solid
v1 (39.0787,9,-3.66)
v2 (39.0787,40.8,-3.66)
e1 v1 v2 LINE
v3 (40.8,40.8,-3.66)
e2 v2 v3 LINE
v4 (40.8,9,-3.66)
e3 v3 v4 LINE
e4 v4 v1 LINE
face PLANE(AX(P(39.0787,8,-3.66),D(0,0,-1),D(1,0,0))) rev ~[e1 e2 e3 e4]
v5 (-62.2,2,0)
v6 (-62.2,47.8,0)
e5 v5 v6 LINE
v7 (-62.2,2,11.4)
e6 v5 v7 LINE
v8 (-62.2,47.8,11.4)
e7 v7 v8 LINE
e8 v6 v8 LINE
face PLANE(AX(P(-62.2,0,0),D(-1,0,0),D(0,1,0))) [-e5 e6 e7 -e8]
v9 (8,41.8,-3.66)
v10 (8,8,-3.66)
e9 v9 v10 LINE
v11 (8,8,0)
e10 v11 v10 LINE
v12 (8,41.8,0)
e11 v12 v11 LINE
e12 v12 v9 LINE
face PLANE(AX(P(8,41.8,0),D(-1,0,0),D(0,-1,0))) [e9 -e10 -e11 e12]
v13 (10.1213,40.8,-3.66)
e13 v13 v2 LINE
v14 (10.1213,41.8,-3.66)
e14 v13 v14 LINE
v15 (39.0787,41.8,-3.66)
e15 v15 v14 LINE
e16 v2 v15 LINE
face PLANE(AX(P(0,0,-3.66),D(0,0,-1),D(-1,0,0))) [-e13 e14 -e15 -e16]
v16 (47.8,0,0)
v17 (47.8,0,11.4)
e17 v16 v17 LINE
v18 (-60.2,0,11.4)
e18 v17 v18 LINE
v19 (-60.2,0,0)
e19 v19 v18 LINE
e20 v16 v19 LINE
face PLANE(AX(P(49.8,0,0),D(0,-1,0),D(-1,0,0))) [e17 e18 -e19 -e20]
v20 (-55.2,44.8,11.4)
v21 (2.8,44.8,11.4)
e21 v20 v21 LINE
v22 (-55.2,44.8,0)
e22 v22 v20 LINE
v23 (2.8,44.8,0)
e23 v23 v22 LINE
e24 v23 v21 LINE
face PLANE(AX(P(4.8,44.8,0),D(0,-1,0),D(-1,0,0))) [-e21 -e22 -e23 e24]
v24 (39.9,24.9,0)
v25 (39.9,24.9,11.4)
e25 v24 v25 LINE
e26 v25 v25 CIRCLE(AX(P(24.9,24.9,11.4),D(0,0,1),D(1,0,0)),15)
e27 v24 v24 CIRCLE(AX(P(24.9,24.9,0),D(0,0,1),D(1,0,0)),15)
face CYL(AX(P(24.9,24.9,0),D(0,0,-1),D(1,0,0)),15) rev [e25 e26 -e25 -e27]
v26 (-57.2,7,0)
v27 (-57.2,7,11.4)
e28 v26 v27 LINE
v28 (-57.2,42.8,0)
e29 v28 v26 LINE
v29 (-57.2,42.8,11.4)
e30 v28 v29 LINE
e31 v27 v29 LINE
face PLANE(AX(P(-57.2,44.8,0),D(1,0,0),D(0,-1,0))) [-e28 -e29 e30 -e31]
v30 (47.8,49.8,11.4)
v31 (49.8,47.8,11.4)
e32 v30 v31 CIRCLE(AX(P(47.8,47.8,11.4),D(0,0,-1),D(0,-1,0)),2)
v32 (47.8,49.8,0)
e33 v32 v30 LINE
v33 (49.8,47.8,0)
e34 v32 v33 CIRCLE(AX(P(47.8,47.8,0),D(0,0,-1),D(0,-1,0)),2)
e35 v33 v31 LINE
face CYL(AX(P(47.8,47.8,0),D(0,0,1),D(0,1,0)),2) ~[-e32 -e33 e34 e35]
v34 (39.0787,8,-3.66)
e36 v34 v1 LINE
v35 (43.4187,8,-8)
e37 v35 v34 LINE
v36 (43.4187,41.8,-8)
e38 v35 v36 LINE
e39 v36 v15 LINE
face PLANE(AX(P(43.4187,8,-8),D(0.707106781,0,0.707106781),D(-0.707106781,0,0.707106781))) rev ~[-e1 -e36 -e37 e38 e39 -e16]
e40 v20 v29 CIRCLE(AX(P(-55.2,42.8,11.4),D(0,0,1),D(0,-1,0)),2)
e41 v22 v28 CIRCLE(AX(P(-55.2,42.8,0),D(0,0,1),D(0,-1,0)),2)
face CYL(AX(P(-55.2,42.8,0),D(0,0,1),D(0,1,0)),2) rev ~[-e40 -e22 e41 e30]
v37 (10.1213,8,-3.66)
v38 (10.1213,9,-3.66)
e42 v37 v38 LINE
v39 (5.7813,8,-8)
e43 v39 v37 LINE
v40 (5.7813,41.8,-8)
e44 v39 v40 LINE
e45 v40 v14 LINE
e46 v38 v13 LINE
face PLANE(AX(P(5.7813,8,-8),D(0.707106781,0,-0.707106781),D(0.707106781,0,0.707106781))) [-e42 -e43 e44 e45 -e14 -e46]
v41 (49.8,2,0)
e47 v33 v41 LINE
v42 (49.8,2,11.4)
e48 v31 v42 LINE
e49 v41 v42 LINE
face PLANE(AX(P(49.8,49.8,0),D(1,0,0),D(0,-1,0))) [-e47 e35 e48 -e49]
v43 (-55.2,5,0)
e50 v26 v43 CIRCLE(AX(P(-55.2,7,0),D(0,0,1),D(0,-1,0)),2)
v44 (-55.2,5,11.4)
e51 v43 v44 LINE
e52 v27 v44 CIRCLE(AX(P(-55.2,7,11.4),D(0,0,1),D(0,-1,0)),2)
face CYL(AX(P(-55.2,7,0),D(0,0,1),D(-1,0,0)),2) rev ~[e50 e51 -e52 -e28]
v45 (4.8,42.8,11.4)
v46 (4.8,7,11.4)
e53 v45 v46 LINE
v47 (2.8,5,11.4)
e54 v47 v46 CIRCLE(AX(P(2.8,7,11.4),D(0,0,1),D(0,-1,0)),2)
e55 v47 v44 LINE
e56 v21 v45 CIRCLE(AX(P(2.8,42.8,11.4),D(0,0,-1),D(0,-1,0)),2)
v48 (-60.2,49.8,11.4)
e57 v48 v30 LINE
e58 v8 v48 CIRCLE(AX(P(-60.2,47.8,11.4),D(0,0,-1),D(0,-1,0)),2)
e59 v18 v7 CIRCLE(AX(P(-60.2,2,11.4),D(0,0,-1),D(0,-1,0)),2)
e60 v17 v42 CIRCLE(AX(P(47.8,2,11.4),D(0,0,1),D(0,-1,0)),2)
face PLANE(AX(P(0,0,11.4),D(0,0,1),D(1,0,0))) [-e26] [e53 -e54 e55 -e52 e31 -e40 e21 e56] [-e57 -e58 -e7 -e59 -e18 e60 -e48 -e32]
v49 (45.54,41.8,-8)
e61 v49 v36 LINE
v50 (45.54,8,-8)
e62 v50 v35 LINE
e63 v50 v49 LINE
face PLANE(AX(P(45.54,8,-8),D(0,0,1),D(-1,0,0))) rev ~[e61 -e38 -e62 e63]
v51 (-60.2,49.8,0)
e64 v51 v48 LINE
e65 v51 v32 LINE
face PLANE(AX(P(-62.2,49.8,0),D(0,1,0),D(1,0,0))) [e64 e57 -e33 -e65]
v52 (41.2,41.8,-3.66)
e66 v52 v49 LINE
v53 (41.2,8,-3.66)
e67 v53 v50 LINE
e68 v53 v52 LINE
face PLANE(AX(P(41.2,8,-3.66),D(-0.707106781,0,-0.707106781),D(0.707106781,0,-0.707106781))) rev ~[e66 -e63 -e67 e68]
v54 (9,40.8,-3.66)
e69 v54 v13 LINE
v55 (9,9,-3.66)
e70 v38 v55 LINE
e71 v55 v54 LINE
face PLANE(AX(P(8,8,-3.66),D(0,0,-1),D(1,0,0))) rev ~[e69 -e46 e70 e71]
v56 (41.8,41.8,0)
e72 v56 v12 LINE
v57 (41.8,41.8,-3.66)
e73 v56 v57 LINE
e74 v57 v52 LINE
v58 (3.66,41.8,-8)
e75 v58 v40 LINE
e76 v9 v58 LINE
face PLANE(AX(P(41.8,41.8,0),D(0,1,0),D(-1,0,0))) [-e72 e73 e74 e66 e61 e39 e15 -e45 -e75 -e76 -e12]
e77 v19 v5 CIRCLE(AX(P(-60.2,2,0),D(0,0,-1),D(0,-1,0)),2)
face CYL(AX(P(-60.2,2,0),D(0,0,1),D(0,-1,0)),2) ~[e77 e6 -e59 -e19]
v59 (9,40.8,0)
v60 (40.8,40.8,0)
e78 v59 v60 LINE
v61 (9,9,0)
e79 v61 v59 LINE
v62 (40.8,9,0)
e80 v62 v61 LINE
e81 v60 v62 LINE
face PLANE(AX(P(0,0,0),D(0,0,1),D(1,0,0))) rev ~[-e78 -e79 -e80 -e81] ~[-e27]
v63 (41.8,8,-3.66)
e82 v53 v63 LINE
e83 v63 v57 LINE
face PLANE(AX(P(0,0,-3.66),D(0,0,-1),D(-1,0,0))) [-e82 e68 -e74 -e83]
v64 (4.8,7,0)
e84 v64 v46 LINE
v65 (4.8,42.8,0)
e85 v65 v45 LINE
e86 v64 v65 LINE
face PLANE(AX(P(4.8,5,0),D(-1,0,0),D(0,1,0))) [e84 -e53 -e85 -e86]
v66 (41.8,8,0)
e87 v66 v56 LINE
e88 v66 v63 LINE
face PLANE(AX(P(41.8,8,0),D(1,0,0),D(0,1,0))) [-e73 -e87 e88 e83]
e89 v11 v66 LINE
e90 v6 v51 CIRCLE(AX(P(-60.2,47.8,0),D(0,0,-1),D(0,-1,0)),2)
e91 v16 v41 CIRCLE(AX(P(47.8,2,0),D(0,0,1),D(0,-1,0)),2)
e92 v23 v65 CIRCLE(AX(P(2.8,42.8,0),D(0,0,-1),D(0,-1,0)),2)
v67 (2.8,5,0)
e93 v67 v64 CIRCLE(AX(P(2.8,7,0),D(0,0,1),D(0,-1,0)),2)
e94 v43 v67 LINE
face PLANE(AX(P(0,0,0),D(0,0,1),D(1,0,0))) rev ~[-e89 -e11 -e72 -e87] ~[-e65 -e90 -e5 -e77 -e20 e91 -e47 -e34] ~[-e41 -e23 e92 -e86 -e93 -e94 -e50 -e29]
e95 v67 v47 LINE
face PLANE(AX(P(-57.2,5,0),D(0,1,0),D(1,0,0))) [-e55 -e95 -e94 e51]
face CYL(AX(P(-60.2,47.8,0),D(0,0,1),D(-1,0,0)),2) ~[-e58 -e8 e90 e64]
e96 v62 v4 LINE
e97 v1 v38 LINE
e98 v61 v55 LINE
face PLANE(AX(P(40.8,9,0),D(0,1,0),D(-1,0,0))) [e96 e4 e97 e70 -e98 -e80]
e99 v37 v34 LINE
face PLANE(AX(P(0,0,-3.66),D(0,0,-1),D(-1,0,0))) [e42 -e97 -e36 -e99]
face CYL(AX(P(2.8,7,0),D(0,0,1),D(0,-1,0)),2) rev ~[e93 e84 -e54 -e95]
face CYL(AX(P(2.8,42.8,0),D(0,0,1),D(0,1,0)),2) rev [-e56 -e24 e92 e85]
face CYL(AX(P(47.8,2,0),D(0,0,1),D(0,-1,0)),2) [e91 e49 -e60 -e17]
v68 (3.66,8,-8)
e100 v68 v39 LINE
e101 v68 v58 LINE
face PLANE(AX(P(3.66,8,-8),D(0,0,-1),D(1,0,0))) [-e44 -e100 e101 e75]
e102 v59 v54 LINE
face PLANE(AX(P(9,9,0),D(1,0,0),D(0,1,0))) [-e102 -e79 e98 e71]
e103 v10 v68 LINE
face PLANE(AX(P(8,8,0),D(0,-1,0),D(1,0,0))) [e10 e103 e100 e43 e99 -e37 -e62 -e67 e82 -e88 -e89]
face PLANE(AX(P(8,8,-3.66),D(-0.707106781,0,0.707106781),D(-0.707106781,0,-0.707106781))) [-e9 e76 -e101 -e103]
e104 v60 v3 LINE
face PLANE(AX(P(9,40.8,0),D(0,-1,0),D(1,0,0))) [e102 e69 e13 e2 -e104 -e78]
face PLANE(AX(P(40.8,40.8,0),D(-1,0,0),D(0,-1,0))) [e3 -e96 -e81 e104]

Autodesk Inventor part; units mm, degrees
ref_plane "YZ Plane" through (0, 0, 0) normal (1, 0, 0) x (0, 1, 0)
ref_plane "XZ Plane" through (0, 0, 0) normal (0, 1, 0) x (-1, 0, 0)
ref_plane "XY Plane" through (0, 0, 0) normal (0, 0, 1) x (1, 0, 0)
sketch "Sketch1" plane through (0, 0, 0) normal (0, 0, 1) x (1, 0, 0)
  circle A0 centre (44.9, 4.9) radius 1.45 construction
  circle A1 centre (4.9, 4.9) radius 1.45 construction
  line L0 (2, 2) -> (2, 41.8) construction
  line L1 (47.8, 2) -> (2, 2) construction
  line L2 (47.8, 41.8) -> (47.8, 2) construction
  line L3 (41.8, 41.8) -> (47.8, 41.8) construction
  line L4 (41.8, 8) -> (41.8, 41.8) construction
  line L5 (8, 8) -> (41.8, 8) construction
  line L6 (8, 8) -> (8, 41.8) construction
  line L7 (2, 41.8) -> (8, 41.8) construction
  circle A2 centre (44.9, 44.9) radius 1.4 construction
  circle A3 centre (4.9, 44.9) radius 1.4 construction
  line L8 (2, 47.8) -> (47.8, 47.8) construction
  line L9 (2, 41.8) -> (2, 47.8) construction
  line L10 (47.8, 41.8) -> (2, 41.8) construction
  line L11 (47.8, 41.8) -> (47.8, 47.8) construction
  circle A4 centre (25.6838, 25.4066) radius 13.6 construction
  line L12 (44.1319, 49.8) -> (5.6681, 49.8) construction
  arc A5 (49.8, 47.8) -> (47.8, 49.8) centre (47.8, 47.8) ccw construction
  line L13 (49.8, 41.8) -> (49.8, 47.8) construction
  arc A6 (2, 49.8) -> (0, 47.8) centre (2, 47.8) ccw construction
  arc A7 (0, 2) -> (2, 0) centre (2, 2) ccw construction
  arc A8 (47.8, 0) -> (49.8, 2) centre (47.8, 2) ccw construction
  line L14 (49.8, 0) -> (-62.2, 0)
  line L15 (-62.2, 0) -> (-62.2, 49.8)
  line L16 (-62.2, 49.8) -> (49.8, 49.8)
  line L17 (49.8, 49.8) -> (49.8, 0)
  line L18 (8, 3.7577) -> (41.8, 3.7577) construction
  line L19 (41.8, 0) -> (41.8, 3.7577) construction
  line L20 (8, 0) -> (41.8, 0) construction
  line L21 (8, 0) -> (8, 3.7577) construction
  line L22 (46.1838, 8) -> (46.1838, 41.8) construction
  line L23 (49.8, 41.8) -> (46.1838, 41.8) construction
  line L24 (49.8, 8) -> (49.8, 41.8) construction
  line L25 (46.1838, 8) -> (49.8, 8) construction
  line L26 (3.6162, 41.8) -> (3.6162, 8) construction
  line L27 (0, 8) -> (3.6162, 8) construction
  line L28 (0, 8) -> (0, 41.8) construction
  line L29 (3.6162, 41.8) -> (0, 41.8) construction
  circle A9 centre (24.9, 24.9) radius 15
  arc A10 (42.3945, 24.4616) -> (22.4616, 42.2293) centre (24.9, 24.9) ccw construction
  arc A11 (22.5619, 16.1033) -> (42.3945, 24.4616) centre (29.0002, 28.5351) ccw construction
  line L30 (22.5619, 16.1033) -> (22.3031, 15.1374) construction
  arc A12 (22.3031, 15.1374) -> (41.5232, 19.4302) centre (29.3361, 28.8218) ccw construction
  arc A13 (15.3425, 10.2404) -> (41.5232, 19.4302) centre (24.9, 24.9) ccw construction
  arc A14 (18.2047, 31.6263) -> (15.3425, 10.2404) centre (25.6173, 19.7498) ccw construction
  line L31 (18.2047, 31.6263) -> (17.4976, 32.3335) construction
  arc A15 (17.4976, 32.3335) -> (11.1478, 14.0775) centre (25.6302, 19.2725) ccw construction
  arc A16 (16.2809, 40.1303) -> (11.1478, 14.0775) centre (24.9, 24.9) ccw construction
  arc A17 (34.0602, 27.4798) -> (16.2809, 40.1303) centre (20.0844, 26.6568) ccw construction
  line L32 (34.0602, 27.4798) -> (35.0261, 27.7386) construction
  arc A18 (35.0261, 27.7386) -> (22.4616, 42.2293) centre (19.6533, 27.1018) ccw construction
  line L33 (3.6577, 41.7) -> (8.1, 46.1423) construction
  line L34 (0, 41.7) -> (3.6577, 41.7) construction
  line L35 (0, 8.1) -> (0, 41.7) construction
  line L36 (3.6577, 8.1) -> (0, 8.1) construction
  line L37 (8.1, 3.6577) -> (3.6577, 8.1) construction
  line L38 (8.1, 0) -> (8.1, 3.6577) construction
  line L39 (41.7, 0) -> (8.1, 0) construction
  line L40 (41.7, 3.6577) -> (41.7, 0) construction
  line L41 (46.1423, 8.1) -> (41.7, 3.6577) construction
  line L42 (49.8, 8.1) -> (46.1423, 8.1) construction
  line L43 (49.8, 41.7) -> (49.8, 8.1) construction
  line L44 (46.1423, 41.7) -> (49.8, 41.7) construction
  line L45 (41.7, 46.1423) -> (46.1423, 41.7) construction
  line L46 (41.7, 49.8) -> (41.7, 46.1423) construction
  line L47 (8.1, 49.8) -> (41.7, 49.8) construction
  line L48 (8.1, 46.1423) -> (8.1, 49.8) construction
  circle A19 centre (24.9, 24.9) radius 16.9 construction
  point P0 (0, 0)
  dimension "d0" = 30
  dimension "d4" = 112
extrude "Extrusion1" add sketch "Sketch1" along normal blind 11.4
fillet "Fillet1" radius 2 4 edges at (49.8, 49.8, 5.7) (-62.2, 49.8, 5.7) (49.8, 0, 5.7) (-62.2, 0, 5.7)
sketch "Sketch2" plane through (0, 0, 0) normal (0, 0, -1) x (-1, 0, 0)
  line L0 (-41.8, 8) -> (-41.8, 41.8) construction
  line L1 (-8, 8) -> (-41.8, 8) construction
  line L2 (-8, 8) -> (-8, 41.8) construction
  line L3 (-47.8, 41.8) -> (-2, 41.8) construction
  circle A0 centre (-24.9, 24.9) radius 15 construction
  arc A1 (60.2, 0) -> (62.2, 2) centre (60.2, 2) ccw construction
  line L4 (62.2, 2) -> (62.2, 47.8) construction
  arc A2 (62.2, 47.8) -> (60.2, 49.8) centre (60.2, 47.8) ccw construction
  line L5 (60.2, 49.8) -> (-47.8, 49.8) construction
  arc A3 (-47.8, 49.8) -> (-49.8, 47.8) centre (-47.8, 47.8) ccw construction
  line L6 (-49.8, 47.8) -> (-49.8, 2) construction
  arc A4 (-49.8, 2) -> (-47.8, 0) centre (-47.8, 2) ccw construction
  line L7 (-47.8, 0) -> (60.2, 0) construction
  line L8 (-41.8, 41.8) -> (-8, 41.8)
  line L9 (-8, 41.8) -> (-8, 8)
  line L10 (-8, 8) -> (-41.8, 8)
  line L11 (-41.8, 8) -> (-41.8, 41.8)
  line L12 (-9, 40.8) -> (-40.8, 40.8)
  line L13 (-40.8, 40.8) -> (-40.8, 9)
  line L14 (-40.8, 9) -> (-9, 9)
  line L15 (-9, 9) -> (-9, 40.8)
  point P0 (0, 0)
  dimension "d6" = 0
  dimension "d7" = 0
  dimension "d8" = 0
  dimension "d9" = 0
  dimension "d10" = 1
extrude "Extrusion2" add sketch "Sketch2" along normal blind 3.66
sketch "Sketch3" plane through (8, 8, 0) normal (0, -1, 0) x (1, 0, 0)
  line L0 (0, 0) -> (33.8, 0) construction
  line L1 (0, 0) -> (0, -3.66) construction
  line L2 (33.8, -3.66) -> (0, -3.66) construction
  line L3 (33.8, 0) -> (33.8, -3.66) construction
  line L4 (33.5, -3.7577) -> (33.5, -8) construction
  line L5 (-0.3, -8) -> (33.5, -8) construction
  line L6 (-0.3, -3.7577) -> (-0.3, -8) construction
  line L7 (33.5, -3.7577) -> (-0.3, -3.7577) construction
  line L8 (33.5, 0) -> (33.5, -3.6162) construction
  line L9 (-0.3, -3.6162) -> (-0.3, 0) construction
  line L10 (33.8, 0) -> (33.8, -3.66) construction
  line L11 (33.8, 0) -> (33.8, -3.66) construction
  line L12 (33.5, -8) -> (33.5, -3.7577) construction
  line L13 (33.5, -3.7577) -> (-0.3, -3.7577) construction
  line L14 (-0.3, -3.7577) -> (-0.3, -8) construction
  line L15 (-0.3, -8) -> (-4.6838, -8) construction
  line L16 (-2.886, -6.2022) -> (-4.6838, -8) construction
  arc A0 (-2.886, -6.2022) -> (-2.0978, -5.414) centre (-3.4, -4.9) ccw construction
  line L17 (-0.3, -3.6162) -> (-2.0978, -5.414) construction
  line L18 (-0.3, -3.6162) -> (-0.3, 0) construction
  line L19 (-0.3, 0) -> (33.5, 0) construction
  line L20 (33.5, 0) -> (33.5, -3.6162) construction
  line L21 (35.2978, -5.414) -> (33.5, -3.6162) construction
  arc A1 (35.2978, -5.414) -> (36.086, -6.2022) centre (36.6, -4.9) ccw construction
  line L22 (37.8838, -8) -> (36.086, -6.2022) construction
  line L23 (37.8838, -8) -> (33.5, -8) construction
  line L24 (0, -3.66) -> (33.8, -3.66) projected
  line L25 (0, -3.66) -> (-4.34, -8)
  line L26 (-4.34, -8) -> (-2.2187, -8)
  line L27 (-2.2187, -8) -> (2.1213, -3.66)
  line L28 (16.6, -3.7577) -> (16.6, -8) construction
  line L29 (2.1213, -3.66) -> (0, -3.66)
  line L30 (1, -3.66) -> (32.8, -3.66) projected
  line L31 (33.5, -3.7577) -> (33.5, -8) construction
  line L32 (33.5, -3.7577) -> (33.5, -8) construction
  line L33 (33.5, -8) -> (37.8838, -8) construction
  line L34 (36.086, -6.2022) -> (37.8838, -8) construction
  arc A2 (35.2978, -5.414) -> (36.086, -6.2022) centre (36.6, -4.9) ccw construction
  line L35 (33.5, -3.6162) -> (35.2978, -5.414) construction
  line L36 (33.2, -3.66) -> (37.54, -8)
  line L37 (37.54, -8) -> (35.4187, -8)
  line L38 (35.4187, -8) -> (31.0787, -3.66)
  line L39 (31.0787, -3.66) -> (33.2, -3.66)
  point P0 (-8, 0)
  point P1 (32.2, -3.66)
  dimension "d13" = 1.5
extrude "Extrusion3" add sketch "Sketch3" against normal up to surface (33.8 mm away)
sketch "Sketch4" plane through (0, 0, 0) normal (0, 0, -1) x (-1, 0, 0)
  arc A0 (60.2, 0) -> (62.2, 2) centre (60.2, 2) ccw construction
  line L0 (62.2, 2) -> (62.2, 47.8) construction
  arc A1 (62.2, 47.8) -> (60.2, 49.8) centre (60.2, 47.8) ccw construction
  line L1 (60.2, 49.8) -> (-47.8, 49.8) construction
  arc A2 (-47.8, 49.8) -> (-49.8, 47.8) centre (-47.8, 47.8) ccw construction
  line L2 (-49.8, 47.8) -> (-49.8, 2) construction
  arc A3 (-49.8, 2) -> (-47.8, 0) centre (-47.8, 2) ccw construction
  line L3 (-47.8, 0) -> (60.2, 0) construction
  line L4 (-8, 41.8) -> (-8, 8) construction
  line L5 (-8, 8) -> (-41.8, 8) construction
  line L6 (-41.8, 8) -> (-41.8, 41.8) construction
  line L7 (-41.8, 41.8) -> (-8, 41.8) construction
  line L8 (-4.8, 44.8) -> (57.2, 44.8)
  line L9 (57.2, 44.8) -> (57.2, 5)
  line L10 (57.2, 5) -> (-4.8, 5)
  line L11 (-4.8, 5) -> (-4.8, 44.8)
  point P0 (0, 0)
  dimension "d16" = 45
  dimension "d17" = 5
  dimension "d18" = 5
  dimension "d19" = 5
extrude "Extrusion4" cut sketch "Sketch4" against normal through all
fillet "Fillet2" radius 2 4 edges at (4.8, 5, 5.7) (-57.2, 5, 5.7) (-57.2, 44.8, 5.7) (4.8, 44.8, 5.7)
equation "\"d18\" = d17"
equation "\"d19\" = d17"
properties part number "30_Smartphone_Holder_v3"
